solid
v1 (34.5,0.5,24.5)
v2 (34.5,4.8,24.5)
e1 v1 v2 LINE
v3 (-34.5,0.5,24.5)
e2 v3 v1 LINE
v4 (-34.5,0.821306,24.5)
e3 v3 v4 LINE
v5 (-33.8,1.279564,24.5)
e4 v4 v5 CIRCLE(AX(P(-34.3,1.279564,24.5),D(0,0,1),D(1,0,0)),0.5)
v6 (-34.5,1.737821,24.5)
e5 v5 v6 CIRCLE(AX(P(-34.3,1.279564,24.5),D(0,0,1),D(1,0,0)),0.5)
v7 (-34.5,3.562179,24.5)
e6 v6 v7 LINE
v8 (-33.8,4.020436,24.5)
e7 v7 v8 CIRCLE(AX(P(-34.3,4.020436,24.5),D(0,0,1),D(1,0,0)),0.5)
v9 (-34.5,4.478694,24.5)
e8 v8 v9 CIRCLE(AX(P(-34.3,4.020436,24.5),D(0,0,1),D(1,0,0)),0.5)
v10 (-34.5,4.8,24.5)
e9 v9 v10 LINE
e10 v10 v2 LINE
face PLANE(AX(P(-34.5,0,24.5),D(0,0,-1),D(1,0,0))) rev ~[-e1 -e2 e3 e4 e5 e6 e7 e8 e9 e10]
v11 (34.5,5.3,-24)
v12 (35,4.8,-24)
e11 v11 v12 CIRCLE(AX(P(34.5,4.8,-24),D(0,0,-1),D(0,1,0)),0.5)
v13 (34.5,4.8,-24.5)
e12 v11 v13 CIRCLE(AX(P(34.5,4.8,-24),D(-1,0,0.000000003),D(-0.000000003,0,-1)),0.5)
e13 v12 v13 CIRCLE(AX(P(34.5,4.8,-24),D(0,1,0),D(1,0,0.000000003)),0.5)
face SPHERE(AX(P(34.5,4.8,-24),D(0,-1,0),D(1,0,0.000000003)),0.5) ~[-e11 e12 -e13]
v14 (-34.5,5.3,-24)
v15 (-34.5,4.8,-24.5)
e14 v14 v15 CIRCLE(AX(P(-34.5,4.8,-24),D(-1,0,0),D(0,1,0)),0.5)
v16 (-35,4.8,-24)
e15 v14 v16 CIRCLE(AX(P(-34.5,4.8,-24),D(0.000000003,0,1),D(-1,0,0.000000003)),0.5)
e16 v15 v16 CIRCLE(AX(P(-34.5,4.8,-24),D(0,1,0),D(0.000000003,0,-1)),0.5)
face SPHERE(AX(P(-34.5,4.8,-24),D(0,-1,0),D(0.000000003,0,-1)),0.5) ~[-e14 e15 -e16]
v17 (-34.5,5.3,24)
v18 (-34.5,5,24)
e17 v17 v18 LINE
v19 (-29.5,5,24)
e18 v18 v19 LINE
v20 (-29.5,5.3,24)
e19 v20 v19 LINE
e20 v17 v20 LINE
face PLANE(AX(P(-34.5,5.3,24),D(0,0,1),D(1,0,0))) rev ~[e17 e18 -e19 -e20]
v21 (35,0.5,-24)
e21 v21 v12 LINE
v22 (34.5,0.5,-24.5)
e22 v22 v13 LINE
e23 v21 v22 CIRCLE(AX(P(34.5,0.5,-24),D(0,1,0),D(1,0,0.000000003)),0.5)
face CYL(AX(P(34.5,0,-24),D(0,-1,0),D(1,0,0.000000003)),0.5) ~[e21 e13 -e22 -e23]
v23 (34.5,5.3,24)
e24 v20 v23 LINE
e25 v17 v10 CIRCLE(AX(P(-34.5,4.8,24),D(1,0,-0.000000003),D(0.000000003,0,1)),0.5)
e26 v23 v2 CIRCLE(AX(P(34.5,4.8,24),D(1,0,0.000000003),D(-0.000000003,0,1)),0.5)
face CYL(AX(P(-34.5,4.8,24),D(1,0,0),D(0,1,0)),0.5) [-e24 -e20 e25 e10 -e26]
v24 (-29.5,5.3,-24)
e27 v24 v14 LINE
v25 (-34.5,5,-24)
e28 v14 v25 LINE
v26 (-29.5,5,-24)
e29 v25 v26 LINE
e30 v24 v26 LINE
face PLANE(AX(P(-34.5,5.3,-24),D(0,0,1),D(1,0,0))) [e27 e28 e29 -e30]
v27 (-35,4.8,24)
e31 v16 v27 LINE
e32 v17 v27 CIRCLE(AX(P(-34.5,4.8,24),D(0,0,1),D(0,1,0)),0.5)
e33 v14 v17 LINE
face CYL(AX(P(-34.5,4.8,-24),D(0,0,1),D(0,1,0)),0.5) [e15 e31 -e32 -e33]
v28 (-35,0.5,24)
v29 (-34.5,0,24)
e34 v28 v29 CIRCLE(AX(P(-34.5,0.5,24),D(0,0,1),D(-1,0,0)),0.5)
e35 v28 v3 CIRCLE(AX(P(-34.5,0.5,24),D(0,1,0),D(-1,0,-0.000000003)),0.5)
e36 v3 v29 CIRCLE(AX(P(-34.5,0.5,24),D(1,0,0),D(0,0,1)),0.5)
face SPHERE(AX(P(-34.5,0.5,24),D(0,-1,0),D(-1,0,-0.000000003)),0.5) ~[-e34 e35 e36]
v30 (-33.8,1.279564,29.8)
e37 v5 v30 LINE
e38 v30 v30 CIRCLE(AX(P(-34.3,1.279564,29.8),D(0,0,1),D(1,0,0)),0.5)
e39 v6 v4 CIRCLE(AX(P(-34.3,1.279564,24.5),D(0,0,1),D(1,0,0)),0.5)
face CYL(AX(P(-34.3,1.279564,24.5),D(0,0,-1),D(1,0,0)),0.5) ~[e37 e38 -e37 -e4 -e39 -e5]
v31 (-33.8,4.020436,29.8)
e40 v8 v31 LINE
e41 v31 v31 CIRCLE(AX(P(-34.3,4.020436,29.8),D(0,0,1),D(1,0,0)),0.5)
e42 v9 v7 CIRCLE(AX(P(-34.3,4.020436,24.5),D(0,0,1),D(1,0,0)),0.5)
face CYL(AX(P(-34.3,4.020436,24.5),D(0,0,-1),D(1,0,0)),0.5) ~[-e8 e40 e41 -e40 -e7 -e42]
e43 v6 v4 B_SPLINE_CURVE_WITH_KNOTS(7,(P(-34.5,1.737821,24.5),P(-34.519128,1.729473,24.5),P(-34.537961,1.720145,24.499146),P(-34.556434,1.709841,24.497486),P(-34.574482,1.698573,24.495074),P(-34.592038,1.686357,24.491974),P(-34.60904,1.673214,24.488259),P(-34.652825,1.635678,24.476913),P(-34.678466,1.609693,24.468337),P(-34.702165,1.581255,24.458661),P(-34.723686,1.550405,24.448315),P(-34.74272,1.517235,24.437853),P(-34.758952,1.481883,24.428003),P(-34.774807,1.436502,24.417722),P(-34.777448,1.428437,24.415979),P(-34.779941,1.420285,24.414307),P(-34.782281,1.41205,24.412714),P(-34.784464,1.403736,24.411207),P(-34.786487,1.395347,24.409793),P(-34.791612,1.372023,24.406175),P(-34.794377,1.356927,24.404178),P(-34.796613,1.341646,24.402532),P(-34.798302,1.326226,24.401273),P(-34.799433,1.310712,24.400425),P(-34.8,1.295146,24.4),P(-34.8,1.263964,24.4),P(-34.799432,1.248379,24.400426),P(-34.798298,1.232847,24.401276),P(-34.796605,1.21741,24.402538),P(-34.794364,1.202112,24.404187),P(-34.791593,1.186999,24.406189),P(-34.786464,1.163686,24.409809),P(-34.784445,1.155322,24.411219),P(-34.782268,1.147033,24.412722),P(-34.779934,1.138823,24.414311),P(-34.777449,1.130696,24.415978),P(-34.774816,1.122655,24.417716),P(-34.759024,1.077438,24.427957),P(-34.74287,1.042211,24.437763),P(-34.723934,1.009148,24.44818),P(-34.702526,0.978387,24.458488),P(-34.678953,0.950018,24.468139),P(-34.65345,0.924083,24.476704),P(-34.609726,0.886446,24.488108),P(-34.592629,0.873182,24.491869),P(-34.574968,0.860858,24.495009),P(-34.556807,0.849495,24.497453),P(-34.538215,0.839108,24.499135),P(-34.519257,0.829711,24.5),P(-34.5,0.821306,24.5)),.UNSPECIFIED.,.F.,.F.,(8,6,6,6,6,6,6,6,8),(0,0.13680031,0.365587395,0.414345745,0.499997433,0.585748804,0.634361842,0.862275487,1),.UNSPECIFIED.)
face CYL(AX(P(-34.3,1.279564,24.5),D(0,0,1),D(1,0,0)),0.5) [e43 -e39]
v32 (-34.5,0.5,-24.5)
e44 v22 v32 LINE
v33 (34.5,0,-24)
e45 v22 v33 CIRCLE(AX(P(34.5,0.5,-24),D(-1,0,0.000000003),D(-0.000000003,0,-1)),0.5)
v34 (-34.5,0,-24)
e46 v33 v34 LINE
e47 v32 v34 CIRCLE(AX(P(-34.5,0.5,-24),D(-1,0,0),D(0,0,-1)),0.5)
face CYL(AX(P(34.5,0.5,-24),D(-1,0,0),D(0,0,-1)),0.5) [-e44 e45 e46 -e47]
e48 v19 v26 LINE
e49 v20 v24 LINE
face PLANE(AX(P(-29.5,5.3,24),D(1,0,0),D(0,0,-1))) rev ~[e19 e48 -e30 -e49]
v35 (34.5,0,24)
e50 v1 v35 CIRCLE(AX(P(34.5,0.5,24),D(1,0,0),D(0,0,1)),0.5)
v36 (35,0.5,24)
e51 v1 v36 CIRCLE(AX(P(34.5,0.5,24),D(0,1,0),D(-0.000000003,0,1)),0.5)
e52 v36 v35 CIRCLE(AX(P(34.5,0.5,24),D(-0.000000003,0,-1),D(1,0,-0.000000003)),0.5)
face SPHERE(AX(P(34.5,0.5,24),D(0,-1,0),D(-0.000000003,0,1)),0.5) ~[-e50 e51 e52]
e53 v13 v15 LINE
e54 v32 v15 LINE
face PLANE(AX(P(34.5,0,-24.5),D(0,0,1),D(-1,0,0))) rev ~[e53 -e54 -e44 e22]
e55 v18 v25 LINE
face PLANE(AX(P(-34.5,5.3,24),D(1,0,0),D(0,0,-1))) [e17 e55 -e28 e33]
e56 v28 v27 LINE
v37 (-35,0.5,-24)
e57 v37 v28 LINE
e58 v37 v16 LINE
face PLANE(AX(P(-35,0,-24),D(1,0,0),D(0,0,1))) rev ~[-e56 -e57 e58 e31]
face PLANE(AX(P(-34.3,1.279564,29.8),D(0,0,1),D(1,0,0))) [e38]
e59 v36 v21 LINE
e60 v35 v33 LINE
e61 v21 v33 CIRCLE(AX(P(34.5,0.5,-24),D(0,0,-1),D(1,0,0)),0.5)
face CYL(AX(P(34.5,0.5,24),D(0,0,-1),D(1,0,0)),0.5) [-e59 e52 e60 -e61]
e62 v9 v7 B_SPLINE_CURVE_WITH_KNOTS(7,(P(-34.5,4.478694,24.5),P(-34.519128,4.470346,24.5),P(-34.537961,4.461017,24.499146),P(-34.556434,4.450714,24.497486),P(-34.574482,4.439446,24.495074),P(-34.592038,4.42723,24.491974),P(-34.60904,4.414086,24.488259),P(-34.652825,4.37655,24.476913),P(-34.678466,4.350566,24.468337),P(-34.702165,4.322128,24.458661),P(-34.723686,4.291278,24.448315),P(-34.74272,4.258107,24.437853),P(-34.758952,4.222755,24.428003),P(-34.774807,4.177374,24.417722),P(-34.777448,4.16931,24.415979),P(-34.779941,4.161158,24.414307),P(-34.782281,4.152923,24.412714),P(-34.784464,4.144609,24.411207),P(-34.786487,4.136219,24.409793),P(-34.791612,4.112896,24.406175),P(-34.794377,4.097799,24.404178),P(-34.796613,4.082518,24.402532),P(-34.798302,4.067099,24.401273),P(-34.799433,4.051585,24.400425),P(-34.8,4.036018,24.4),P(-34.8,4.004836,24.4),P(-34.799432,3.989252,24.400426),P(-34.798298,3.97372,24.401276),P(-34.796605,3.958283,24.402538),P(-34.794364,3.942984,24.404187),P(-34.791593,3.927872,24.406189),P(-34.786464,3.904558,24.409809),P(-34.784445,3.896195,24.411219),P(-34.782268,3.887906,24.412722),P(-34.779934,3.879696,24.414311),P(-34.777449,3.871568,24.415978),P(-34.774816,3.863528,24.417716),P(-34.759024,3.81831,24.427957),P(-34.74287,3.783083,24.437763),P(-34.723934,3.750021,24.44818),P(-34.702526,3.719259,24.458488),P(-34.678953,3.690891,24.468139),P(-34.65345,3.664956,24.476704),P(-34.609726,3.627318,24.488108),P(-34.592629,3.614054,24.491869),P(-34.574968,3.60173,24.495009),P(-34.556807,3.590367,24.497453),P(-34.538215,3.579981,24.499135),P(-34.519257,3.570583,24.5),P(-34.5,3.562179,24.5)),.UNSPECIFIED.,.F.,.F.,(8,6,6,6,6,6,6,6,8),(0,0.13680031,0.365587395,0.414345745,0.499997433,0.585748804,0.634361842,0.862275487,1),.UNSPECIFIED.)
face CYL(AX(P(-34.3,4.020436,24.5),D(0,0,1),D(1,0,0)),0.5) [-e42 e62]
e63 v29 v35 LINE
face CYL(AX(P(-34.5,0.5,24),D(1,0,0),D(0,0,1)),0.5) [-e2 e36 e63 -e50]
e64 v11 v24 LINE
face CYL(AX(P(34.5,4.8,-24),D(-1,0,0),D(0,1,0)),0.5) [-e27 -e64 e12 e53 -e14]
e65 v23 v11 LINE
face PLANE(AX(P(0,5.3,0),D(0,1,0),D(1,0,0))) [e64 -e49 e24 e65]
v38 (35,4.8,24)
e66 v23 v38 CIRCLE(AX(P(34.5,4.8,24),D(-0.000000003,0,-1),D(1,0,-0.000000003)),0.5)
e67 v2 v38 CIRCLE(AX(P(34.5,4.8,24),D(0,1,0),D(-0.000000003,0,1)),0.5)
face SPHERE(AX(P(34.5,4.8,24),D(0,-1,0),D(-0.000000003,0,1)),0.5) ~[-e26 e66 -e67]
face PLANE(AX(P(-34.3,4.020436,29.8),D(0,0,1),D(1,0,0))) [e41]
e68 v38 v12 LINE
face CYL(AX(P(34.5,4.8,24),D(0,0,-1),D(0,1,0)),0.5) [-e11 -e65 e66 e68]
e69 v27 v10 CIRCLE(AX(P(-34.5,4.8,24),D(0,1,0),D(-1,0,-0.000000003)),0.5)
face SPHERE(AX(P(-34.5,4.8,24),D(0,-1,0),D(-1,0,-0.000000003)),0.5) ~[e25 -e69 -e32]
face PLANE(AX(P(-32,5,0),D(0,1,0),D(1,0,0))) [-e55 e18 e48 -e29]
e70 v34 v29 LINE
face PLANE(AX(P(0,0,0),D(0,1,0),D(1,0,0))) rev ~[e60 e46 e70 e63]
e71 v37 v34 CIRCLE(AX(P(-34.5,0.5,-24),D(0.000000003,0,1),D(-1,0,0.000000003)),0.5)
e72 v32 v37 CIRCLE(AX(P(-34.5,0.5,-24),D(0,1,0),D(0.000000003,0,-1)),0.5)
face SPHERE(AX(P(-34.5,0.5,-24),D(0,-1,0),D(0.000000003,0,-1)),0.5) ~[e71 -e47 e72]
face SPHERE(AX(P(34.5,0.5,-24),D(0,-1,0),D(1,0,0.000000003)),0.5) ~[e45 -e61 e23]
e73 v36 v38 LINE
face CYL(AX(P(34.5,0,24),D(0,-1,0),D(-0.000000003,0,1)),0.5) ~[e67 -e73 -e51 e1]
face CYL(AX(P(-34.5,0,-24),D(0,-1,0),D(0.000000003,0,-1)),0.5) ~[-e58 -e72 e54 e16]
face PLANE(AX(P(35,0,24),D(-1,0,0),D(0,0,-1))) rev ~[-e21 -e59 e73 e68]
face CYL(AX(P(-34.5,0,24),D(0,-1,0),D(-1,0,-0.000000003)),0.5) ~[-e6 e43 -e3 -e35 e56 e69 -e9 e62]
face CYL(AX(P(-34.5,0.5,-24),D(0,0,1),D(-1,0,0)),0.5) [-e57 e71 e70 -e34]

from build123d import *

# Parameters (mm, degrees)
BOSS_EXTRUDE2_DEPTH      = 5.3
SKETCH2_R                = 0.5
BOSS_EXTRUDE3_DEPTH      = 5.3
BOSS_EXTRUDE3_DEPTH_BACK = 1
FILLET2_R                = 0.5
SKETCH4_W                = 5
SKETCH4_H                = 48
CUT_EXTRUDE1_DEPTH       = 0.3


with BuildPart() as part:
    # Sketch1 → Boss-Extrude2 (new body)
    with BuildSketch(Plane(origin=(0, 0, 0), x_dir=(1, 0, 0), z_dir=(0, 1, 0))):
        with BuildLine():
            Line((-34.5, -24.5), (34.5, -24.5))
            ThreePointArc((34.5, -24.5), (34.853553391, -24.353553391), (35, -24))
            Line((35, -24), (35, 24))
            ThreePointArc((35, 24), (34.853553391, 24.353553391), (34.5, 24.5))
            Line((34.5, 24.5), (-34.5, 24.5))
            ThreePointArc((-34.5, 24.5), (-34.853553391, 24.353553391), (-35, 24))
            Line((-35, 24), (-35, -24))
            ThreePointArc((-35, -24), (-34.853553391, -24.353553391), (-34.5, -24.5))
        make_face()
    extrude(amount=BOSS_EXTRUDE2_DEPTH)

    # Sketch2 → Boss-Extrude3 (add, two sides)
    with BuildSketch(Plane.XY.offset(24.5)) as boss_extrude3_sk:
        with Locations((-34.3, 1.279563796)):
            Circle(SKETCH2_R)
        with Locations((-34.3, 4.020436204)):
            Circle(SKETCH2_R)
    extrude(amount=BOSS_EXTRUDE3_DEPTH)
    extrude(boss_extrude3_sk.sketch, amount=-BOSS_EXTRUDE3_DEPTH_BACK)

    # Fillet2
    fillet2_edges = [part.edges().sort_by_distance(p)[0] for p in [
        (34.853553391, 5.3, 24.353553391),
        (0, 0, 24.5),
        (-34.853553391, 0, 24.353553391),
        (35, 5.3, 0),
        (34.853553391, 5.3, -24.353553391),
        (0, 5.3, -24.5),
        (-34.853553391, 5.3, -24.353553391),
        (-35, 5.3, 0),
        (-34.853553391, 5.3, 24.353553391),
        (0, 5.3, 24.5),
        (-35, 0, 0),
        (-34.853553391, 0, -24.353553391),
        (0, 0, -24.5),
        (34.853553391, 0, -24.353553391),
        (35, 0, 0),
        (34.853553391, 0, 24.353553391),
    ]]
    fillet(fillet2_edges, radius=FILLET2_R)

    # Sketch4 → Cut-Extrude1 (cut)
    with BuildSketch(Plane(origin=(0, 5.3, 0), x_dir=(1, 0, 0), z_dir=(0, 1, 0))):
        with Locations((-32, 0)):
            Rectangle(SKETCH4_W, SKETCH4_H)
    extrude(amount=-CUT_EXTRUDE1_DEPTH, mode=Mode.SUBTRACT)


solid = part.part
